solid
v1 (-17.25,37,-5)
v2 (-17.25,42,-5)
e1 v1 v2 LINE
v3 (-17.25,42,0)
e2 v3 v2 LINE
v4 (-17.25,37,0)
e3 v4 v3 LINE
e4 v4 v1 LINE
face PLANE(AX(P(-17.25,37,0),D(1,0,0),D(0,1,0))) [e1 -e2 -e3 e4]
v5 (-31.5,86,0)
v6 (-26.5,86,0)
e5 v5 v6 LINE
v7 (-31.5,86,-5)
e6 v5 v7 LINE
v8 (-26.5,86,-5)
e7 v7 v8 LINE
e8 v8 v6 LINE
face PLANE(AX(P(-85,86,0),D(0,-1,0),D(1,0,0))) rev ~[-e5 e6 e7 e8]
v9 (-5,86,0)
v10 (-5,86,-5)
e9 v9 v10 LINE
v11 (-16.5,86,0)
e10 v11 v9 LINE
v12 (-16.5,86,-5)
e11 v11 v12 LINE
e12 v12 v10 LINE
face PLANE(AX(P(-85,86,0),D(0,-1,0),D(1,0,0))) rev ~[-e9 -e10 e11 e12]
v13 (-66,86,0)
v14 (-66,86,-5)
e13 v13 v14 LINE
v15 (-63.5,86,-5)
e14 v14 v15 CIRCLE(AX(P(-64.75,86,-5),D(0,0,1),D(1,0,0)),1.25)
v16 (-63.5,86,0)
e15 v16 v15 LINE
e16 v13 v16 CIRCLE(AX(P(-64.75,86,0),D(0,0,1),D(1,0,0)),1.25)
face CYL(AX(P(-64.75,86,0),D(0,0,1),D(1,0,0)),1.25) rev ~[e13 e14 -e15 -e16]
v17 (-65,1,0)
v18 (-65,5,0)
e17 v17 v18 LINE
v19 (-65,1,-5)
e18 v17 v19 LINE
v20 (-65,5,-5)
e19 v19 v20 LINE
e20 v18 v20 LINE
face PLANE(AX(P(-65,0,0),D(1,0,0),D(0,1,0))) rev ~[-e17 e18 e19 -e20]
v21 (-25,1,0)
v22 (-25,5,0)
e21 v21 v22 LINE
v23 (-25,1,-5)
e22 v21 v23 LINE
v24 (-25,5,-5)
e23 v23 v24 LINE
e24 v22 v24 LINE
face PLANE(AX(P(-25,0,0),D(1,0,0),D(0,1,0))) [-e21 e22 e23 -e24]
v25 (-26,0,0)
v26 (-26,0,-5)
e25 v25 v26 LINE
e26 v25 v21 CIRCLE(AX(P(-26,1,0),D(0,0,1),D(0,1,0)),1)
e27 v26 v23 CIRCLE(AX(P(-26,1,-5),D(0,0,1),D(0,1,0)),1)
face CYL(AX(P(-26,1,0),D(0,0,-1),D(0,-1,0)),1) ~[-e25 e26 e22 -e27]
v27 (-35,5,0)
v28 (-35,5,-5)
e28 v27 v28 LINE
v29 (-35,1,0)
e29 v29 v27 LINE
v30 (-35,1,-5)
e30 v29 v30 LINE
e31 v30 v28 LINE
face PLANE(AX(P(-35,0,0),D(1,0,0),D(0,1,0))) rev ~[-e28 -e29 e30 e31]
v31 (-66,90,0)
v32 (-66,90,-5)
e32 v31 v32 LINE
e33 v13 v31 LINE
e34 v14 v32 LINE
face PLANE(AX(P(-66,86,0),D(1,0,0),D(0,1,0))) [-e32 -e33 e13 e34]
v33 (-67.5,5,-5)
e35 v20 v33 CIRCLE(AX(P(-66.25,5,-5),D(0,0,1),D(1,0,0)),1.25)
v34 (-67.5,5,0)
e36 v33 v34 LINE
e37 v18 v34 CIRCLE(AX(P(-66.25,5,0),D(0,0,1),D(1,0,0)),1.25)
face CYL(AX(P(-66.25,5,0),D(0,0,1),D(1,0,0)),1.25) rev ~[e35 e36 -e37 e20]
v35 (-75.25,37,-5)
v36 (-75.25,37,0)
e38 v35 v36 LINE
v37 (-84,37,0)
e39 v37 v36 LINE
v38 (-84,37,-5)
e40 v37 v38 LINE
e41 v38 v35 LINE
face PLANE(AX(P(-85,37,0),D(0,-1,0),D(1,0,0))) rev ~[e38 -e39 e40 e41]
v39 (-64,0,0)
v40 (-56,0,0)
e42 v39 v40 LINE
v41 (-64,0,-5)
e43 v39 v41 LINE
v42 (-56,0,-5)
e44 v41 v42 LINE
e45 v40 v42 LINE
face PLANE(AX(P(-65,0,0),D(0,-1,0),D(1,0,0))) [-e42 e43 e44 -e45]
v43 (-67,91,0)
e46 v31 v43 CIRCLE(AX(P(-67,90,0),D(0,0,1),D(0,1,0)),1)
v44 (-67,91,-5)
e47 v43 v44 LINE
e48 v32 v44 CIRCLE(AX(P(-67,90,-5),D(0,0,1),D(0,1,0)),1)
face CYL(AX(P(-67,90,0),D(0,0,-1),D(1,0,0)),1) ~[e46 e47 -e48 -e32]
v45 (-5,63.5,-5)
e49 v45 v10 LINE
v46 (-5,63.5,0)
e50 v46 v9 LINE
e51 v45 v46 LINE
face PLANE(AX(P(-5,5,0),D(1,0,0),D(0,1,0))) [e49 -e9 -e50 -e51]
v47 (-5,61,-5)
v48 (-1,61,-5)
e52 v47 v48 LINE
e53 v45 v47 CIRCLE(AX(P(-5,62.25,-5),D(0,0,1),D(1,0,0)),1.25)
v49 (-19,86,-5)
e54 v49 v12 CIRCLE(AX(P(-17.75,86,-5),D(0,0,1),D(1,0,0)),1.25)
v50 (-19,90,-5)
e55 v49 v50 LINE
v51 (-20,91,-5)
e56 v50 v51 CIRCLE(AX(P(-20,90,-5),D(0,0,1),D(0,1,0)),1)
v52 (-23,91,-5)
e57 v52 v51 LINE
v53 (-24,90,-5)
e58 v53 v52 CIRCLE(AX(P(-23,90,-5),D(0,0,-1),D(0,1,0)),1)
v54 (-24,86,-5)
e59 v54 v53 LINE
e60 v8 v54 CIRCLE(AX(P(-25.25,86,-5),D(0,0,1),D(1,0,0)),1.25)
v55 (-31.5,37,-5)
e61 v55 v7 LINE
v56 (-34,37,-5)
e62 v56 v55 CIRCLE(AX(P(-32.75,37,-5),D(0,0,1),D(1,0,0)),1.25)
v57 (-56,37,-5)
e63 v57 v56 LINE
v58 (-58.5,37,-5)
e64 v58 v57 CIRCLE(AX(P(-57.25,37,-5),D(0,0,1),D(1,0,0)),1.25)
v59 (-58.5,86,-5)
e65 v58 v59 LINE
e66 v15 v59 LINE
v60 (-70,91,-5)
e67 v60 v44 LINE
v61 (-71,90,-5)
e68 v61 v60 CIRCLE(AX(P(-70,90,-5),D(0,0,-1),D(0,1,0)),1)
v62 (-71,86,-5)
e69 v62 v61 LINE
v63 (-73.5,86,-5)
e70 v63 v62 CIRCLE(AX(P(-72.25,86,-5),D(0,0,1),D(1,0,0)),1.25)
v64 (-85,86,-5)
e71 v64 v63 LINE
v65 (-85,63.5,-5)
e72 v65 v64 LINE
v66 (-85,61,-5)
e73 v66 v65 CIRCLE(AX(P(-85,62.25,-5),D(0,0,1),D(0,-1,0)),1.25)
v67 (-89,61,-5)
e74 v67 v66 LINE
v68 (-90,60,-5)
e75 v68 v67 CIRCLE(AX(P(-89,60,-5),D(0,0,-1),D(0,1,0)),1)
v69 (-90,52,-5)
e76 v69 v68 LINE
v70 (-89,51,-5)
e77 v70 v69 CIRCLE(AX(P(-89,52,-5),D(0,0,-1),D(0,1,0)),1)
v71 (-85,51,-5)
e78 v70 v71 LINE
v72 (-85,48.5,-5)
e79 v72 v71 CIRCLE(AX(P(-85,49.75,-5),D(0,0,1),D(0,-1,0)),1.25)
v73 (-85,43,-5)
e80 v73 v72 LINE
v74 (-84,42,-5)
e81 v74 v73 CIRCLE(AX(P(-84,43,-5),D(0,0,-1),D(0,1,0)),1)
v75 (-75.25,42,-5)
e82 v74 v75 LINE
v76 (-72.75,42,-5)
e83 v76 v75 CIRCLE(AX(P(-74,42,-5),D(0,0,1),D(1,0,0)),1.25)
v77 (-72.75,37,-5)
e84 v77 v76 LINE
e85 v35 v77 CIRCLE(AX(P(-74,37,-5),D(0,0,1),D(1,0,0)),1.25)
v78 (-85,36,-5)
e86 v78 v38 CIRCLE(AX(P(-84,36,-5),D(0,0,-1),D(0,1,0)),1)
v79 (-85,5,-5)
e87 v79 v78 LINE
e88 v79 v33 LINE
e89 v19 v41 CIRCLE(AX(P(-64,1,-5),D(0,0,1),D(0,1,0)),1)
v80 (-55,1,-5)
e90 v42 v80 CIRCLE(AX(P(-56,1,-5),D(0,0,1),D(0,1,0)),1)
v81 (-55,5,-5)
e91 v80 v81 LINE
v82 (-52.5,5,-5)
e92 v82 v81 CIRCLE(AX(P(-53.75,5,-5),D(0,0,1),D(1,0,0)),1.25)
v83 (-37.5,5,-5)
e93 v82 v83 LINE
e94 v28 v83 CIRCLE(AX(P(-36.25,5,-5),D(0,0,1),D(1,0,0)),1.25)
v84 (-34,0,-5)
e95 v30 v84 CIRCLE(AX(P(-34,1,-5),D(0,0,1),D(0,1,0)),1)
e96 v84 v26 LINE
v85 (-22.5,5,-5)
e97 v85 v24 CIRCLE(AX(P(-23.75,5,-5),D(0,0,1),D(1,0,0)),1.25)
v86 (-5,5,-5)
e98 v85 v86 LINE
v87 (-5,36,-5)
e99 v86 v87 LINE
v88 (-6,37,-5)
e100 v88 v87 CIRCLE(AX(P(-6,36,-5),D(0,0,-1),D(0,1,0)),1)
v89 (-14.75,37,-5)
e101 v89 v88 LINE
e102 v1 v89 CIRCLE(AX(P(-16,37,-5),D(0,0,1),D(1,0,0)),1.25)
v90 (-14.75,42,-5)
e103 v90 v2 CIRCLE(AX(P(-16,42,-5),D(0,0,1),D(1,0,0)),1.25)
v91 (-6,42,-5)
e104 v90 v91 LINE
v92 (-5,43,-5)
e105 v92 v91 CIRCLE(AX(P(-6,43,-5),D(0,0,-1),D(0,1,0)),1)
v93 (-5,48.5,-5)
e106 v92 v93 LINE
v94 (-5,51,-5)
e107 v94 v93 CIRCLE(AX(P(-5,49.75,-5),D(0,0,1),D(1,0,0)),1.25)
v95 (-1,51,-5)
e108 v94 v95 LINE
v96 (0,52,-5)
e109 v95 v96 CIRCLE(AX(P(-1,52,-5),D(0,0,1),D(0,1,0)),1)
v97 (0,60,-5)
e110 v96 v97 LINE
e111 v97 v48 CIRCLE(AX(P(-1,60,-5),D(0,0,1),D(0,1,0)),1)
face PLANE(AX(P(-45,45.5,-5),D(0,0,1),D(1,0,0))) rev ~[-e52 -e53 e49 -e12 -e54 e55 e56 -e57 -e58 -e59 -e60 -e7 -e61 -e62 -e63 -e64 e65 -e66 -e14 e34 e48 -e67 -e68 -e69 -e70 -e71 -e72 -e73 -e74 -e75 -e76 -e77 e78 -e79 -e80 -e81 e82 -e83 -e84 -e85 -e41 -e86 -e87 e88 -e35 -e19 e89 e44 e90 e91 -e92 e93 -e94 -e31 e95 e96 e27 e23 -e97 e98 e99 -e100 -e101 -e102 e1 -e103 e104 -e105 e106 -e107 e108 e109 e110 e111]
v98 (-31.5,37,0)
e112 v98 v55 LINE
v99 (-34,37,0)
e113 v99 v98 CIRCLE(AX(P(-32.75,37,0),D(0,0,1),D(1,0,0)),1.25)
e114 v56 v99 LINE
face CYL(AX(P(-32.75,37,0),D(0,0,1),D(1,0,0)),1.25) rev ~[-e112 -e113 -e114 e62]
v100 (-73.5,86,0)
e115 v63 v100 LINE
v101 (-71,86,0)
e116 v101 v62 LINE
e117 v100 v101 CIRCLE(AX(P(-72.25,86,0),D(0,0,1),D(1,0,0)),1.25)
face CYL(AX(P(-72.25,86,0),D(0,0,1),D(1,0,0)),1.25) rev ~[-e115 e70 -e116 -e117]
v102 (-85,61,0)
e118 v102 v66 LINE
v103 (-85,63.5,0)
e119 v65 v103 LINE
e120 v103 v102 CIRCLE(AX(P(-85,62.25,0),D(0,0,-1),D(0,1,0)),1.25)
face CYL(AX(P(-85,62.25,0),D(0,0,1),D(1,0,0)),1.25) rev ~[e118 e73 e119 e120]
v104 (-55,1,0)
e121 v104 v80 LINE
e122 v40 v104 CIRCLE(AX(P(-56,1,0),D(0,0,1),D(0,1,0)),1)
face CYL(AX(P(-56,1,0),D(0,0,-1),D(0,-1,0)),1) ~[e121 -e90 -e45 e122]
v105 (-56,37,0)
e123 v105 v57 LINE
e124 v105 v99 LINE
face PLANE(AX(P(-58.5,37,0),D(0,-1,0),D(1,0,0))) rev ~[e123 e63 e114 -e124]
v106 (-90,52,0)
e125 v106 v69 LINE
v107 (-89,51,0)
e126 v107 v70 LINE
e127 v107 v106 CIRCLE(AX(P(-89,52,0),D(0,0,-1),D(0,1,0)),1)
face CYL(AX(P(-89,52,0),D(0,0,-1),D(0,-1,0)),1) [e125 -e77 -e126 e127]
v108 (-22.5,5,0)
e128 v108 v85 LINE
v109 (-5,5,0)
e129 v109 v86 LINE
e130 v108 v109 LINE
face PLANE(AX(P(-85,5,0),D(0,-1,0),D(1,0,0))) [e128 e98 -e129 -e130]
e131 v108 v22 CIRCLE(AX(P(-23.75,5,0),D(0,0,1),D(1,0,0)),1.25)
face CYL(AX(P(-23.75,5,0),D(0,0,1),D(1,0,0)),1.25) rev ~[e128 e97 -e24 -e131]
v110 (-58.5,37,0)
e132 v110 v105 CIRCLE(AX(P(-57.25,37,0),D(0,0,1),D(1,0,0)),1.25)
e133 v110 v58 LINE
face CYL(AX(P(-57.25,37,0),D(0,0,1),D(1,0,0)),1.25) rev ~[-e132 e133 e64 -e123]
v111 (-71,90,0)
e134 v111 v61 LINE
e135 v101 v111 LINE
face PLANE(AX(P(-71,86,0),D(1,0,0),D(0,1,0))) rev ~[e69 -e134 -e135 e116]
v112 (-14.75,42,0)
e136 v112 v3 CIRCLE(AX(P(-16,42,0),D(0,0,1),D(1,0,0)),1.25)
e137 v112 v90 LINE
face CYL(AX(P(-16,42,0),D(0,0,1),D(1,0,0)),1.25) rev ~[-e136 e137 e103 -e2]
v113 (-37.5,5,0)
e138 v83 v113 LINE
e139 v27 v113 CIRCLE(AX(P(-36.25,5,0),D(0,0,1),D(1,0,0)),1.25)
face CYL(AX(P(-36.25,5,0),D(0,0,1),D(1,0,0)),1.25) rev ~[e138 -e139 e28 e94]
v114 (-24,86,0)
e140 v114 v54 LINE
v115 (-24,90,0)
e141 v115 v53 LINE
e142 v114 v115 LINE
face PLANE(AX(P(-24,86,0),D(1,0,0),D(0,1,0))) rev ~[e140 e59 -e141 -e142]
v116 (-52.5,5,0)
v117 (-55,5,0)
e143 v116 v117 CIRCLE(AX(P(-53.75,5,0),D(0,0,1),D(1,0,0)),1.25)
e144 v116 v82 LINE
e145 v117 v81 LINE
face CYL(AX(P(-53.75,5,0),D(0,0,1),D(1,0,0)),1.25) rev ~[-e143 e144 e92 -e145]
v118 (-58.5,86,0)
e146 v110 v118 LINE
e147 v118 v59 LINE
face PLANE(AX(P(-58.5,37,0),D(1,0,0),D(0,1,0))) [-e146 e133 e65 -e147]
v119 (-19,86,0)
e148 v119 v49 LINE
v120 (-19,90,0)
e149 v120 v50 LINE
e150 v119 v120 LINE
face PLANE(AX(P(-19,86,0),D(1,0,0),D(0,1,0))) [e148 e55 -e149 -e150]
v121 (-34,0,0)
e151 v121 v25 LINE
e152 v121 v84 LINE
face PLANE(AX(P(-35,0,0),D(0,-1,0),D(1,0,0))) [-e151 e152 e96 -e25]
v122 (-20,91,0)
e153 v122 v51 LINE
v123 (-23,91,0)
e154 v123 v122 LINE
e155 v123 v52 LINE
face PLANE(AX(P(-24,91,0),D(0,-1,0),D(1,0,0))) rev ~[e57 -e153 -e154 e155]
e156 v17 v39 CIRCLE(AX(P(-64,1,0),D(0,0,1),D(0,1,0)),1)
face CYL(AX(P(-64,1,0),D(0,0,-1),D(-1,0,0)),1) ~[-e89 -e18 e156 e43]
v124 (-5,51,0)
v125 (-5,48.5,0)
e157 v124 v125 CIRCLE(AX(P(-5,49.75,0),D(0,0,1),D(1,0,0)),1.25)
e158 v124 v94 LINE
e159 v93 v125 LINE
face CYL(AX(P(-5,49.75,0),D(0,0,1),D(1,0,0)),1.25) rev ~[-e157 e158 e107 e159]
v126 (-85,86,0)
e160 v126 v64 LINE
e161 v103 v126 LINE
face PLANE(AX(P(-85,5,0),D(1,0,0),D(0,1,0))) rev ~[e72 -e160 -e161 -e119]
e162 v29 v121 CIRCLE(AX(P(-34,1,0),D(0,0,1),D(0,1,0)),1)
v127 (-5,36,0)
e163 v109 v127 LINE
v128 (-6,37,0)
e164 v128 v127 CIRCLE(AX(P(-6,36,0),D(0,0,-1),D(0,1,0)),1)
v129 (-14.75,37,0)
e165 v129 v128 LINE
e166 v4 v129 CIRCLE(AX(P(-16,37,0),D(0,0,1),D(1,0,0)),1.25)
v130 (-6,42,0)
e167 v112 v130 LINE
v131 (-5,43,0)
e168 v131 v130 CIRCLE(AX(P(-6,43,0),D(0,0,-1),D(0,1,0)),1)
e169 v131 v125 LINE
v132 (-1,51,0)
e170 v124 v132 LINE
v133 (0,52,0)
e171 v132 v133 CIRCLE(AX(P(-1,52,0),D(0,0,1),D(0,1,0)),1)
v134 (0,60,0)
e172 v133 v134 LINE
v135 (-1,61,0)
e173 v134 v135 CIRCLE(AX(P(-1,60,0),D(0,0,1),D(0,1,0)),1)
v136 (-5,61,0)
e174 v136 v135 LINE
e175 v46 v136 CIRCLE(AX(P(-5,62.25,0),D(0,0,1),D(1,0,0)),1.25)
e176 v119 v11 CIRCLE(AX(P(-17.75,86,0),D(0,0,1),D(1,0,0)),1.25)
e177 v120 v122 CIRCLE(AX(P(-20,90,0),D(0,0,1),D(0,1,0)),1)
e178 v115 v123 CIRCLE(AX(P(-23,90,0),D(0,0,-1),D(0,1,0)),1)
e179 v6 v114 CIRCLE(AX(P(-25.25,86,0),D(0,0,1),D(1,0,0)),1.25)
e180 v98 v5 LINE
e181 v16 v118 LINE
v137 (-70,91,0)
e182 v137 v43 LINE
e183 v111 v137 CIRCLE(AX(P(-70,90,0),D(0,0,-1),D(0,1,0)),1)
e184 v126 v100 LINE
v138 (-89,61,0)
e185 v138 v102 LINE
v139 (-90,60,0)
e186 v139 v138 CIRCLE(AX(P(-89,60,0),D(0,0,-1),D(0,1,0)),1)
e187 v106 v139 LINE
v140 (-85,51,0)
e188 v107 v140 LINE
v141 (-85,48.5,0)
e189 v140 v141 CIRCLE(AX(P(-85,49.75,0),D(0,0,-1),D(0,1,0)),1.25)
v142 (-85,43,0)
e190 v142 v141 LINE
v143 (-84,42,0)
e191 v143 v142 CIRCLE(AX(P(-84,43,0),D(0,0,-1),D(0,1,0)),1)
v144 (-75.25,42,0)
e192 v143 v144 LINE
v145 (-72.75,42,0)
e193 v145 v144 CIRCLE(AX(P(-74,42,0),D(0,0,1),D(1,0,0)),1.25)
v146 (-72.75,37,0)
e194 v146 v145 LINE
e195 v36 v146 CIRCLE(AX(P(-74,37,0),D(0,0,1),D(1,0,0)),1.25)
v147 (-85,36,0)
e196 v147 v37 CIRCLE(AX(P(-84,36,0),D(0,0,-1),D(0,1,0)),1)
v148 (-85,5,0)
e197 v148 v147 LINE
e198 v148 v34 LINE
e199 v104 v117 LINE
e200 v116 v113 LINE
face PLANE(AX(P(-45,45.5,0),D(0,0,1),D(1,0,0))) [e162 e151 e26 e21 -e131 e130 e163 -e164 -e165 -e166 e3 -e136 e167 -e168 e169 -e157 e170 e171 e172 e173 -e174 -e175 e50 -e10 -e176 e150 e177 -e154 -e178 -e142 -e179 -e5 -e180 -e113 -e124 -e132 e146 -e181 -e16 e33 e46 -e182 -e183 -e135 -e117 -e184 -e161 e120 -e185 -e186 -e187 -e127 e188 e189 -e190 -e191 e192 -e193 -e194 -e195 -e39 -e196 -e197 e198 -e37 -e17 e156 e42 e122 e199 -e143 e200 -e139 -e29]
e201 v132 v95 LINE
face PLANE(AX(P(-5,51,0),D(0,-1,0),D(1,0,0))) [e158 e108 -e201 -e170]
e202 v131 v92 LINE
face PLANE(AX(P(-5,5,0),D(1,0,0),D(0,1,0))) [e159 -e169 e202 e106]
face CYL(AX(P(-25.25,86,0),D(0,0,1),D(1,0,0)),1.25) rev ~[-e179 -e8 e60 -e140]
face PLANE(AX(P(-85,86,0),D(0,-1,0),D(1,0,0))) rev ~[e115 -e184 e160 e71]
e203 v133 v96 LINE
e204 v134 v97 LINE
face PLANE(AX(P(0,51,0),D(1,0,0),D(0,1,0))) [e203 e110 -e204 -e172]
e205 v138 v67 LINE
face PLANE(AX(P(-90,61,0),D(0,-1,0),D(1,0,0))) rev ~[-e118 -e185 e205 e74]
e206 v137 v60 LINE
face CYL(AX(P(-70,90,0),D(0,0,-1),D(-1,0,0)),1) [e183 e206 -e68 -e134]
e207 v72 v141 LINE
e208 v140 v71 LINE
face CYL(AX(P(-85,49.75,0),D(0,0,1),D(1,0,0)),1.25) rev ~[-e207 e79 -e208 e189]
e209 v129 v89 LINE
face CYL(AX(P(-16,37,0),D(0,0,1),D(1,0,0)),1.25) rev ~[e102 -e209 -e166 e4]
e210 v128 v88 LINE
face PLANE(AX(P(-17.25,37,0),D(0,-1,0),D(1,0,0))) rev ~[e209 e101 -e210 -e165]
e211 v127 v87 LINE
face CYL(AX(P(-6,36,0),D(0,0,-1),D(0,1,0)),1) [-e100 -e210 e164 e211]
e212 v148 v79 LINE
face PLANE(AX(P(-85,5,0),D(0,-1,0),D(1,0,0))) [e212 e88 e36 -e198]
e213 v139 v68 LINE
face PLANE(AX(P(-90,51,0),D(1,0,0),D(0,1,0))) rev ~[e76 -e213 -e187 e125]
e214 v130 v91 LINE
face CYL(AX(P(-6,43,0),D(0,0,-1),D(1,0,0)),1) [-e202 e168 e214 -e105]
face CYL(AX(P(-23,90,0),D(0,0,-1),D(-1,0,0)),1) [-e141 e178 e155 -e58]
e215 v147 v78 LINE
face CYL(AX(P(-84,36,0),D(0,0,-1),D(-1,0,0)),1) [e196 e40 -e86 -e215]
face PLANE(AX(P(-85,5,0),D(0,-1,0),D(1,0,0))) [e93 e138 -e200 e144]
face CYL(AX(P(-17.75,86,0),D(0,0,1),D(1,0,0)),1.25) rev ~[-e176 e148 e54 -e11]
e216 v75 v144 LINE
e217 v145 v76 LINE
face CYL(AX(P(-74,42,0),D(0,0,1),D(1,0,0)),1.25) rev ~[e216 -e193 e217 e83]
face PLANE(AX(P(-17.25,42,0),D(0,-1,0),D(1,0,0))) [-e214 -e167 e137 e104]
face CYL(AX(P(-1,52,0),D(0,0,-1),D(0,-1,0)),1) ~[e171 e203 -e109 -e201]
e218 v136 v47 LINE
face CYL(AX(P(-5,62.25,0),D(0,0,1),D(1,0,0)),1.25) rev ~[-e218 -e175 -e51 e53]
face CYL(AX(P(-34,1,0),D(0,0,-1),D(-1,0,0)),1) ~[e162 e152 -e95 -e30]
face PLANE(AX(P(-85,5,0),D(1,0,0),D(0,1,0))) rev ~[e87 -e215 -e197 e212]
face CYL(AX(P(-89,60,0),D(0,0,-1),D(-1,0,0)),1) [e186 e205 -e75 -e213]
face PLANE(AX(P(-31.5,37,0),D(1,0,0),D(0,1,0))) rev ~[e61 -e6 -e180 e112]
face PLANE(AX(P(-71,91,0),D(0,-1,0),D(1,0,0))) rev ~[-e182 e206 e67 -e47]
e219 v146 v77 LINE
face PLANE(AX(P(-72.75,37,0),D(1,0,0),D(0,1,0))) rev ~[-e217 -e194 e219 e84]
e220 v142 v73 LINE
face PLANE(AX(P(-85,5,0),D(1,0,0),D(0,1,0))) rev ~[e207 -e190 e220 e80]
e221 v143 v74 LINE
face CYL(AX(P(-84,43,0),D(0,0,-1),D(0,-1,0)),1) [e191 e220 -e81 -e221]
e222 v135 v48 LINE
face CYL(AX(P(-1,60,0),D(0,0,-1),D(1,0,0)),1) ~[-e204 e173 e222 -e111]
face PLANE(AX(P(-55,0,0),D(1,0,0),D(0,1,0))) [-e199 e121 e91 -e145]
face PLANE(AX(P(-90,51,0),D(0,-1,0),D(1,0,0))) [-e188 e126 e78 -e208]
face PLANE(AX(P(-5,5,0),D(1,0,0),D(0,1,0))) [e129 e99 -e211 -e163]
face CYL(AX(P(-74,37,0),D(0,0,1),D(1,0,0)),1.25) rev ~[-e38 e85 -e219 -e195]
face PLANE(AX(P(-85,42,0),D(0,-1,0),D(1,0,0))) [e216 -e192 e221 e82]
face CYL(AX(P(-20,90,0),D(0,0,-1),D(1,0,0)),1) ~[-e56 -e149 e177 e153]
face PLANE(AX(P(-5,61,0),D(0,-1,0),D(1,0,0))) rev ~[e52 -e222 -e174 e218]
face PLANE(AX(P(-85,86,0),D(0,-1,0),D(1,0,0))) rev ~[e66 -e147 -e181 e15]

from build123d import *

# Parameters (mm, degrees)
SKETCH_1_W          = 80
SKETCH_1_H          = 81
EXTRUDE_1_DEPTH     = 5
SKETCH_2_W          = 12.25
SKETCH_2_H          = 5
SKETCH_2_W_2        = 27
SKETCH_2_H_2        = 49
CUT_EXTRUDE_1_DEPTH = 10
SKETCH_5_W          = 10
SKETCH_5_H          = 5
SKETCH_5_W_2        = 5
SKETCH_5_H_2        = 10
EXTRUDE_2_DEPTH     = 5
FILLET_1_R          = 1
SKETCH_6_R          = 1.25
CUT_EXTRUDE_4_DEPTH = 10


with BuildPart() as part:
    # 스케치1 → 보스-돌출1 (new body)
    with BuildSketch(Plane.XY):
        with Locations((-45, 45.5)):
            Rectangle(SKETCH_1_W, SKETCH_1_H)
    extrude(amount=-EXTRUDE_1_DEPTH)

    # 스케치2 → 컷-돌출1 (cut)
    with BuildSketch(Plane.XY):
        with Locations((-11.125, 39.5)):
            Rectangle(SKETCH_2_W, SKETCH_2_H)
        with Locations((-45, 61.5)):
            Rectangle(SKETCH_2_W_2, SKETCH_2_H_2)
        with Locations((-78.875, 39.5)):
            Rectangle(SKETCH_2_W, SKETCH_2_H)
    extrude(amount=-CUT_EXTRUDE_1_DEPTH, mode=Mode.SUBTRACT)

    # 스케치5 → 보스-돌출2 (add)
    with BuildSketch(Plane.XY):
        with Locations((-30, 2.5)):
            Rectangle(SKETCH_5_W, SKETCH_5_H)
        with Locations((-60, 2.5)):
            Rectangle(SKETCH_5_W, SKETCH_5_H)
        with Locations((-2.5, 56)):
            Rectangle(SKETCH_5_W_2, SKETCH_5_H_2)
        with Locations((-87.5, 56)):
            Rectangle(SKETCH_5_W_2, SKETCH_5_H_2)
        with Locations((-68.5, 88.5)):
            Rectangle(SKETCH_5_W_2, SKETCH_5_H)
        with Locations((-21.5, 88.5)):
            Rectangle(SKETCH_5_W_2, SKETCH_5_H)
    extrude(amount=-EXTRUDE_2_DEPTH)

    # 필렛1
    fillet_1_edges = [part.edges().sort_by_distance(p)[0] for p in [
        (-19, 91, -2.5),
        (-66, 91, -2.5),
        (-71, 91, -2.5),
        (-24, 91, -2.5),
        (-65, 0, -2.5),
        (-35, 0, -2.5),
        (-55, 0, -2.5),
        (-25, 0, -2.5),
        (-5, 37, -2.5),
        (-5, 42, -2.5),
        (0, 61, -2.5),
        (0, 51, -2.5),
        (-85, 37, -2.5),
        (-85, 42, -2.5),
        (-90, 51, -2.5),
        (-90, 61, -2.5),
    ]]
    fillet(fillet_1_edges, radius=FILLET_1_R)

    # 스케치6 → 컷-돌출4 (cut)
    with BuildSketch(Plane.XY):
        with Locations((-32.75, 37)):
            Circle(SKETCH_6_R)
        with Locations((-57.25, 37)):
            Circle(SKETCH_6_R)
        with Locations((-74, 42)):
            Circle(SKETCH_6_R)
        with Locations((-74, 37)):
            Circle(SKETCH_6_R)
        with Locations((-16, 42)):
            Circle(SKETCH_6_R)
        with Locations((-16, 37)):
            Circle(SKETCH_6_R)
        with Locations((-5, 49.75)):
            Circle(SKETCH_6_R)
        with Locations((-5, 62.25)):
            Circle(SKETCH_6_R)
        with Locations((-85, 62.25)):
            Circle(SKETCH_6_R)
        with Locations((-85, 49.75)):
            Circle(SKETCH_6_R)
        with Locations((-66.25, 5)):
            Circle(SKETCH_6_R)
        with Locations((-53.75, 5)):
            Circle(SKETCH_6_R)
        with Locations((-36.25, 5)):
            Circle(SKETCH_6_R)
        with Locations((-23.75, 5)):
            Circle(SKETCH_6_R)
        with Locations((-72.25, 86)):
            Circle(SKETCH_6_R)
        with Locations((-64.75, 86)):
            Circle(SKETCH_6_R)
        with Locations((-25.25, 86)):
            Circle(SKETCH_6_R)
        with Locations((-17.75, 86)):
            Circle(SKETCH_6_R)
    extrude(amount=-CUT_EXTRUDE_4_DEPTH, mode=Mode.SUBTRACT)


solid = part.part
